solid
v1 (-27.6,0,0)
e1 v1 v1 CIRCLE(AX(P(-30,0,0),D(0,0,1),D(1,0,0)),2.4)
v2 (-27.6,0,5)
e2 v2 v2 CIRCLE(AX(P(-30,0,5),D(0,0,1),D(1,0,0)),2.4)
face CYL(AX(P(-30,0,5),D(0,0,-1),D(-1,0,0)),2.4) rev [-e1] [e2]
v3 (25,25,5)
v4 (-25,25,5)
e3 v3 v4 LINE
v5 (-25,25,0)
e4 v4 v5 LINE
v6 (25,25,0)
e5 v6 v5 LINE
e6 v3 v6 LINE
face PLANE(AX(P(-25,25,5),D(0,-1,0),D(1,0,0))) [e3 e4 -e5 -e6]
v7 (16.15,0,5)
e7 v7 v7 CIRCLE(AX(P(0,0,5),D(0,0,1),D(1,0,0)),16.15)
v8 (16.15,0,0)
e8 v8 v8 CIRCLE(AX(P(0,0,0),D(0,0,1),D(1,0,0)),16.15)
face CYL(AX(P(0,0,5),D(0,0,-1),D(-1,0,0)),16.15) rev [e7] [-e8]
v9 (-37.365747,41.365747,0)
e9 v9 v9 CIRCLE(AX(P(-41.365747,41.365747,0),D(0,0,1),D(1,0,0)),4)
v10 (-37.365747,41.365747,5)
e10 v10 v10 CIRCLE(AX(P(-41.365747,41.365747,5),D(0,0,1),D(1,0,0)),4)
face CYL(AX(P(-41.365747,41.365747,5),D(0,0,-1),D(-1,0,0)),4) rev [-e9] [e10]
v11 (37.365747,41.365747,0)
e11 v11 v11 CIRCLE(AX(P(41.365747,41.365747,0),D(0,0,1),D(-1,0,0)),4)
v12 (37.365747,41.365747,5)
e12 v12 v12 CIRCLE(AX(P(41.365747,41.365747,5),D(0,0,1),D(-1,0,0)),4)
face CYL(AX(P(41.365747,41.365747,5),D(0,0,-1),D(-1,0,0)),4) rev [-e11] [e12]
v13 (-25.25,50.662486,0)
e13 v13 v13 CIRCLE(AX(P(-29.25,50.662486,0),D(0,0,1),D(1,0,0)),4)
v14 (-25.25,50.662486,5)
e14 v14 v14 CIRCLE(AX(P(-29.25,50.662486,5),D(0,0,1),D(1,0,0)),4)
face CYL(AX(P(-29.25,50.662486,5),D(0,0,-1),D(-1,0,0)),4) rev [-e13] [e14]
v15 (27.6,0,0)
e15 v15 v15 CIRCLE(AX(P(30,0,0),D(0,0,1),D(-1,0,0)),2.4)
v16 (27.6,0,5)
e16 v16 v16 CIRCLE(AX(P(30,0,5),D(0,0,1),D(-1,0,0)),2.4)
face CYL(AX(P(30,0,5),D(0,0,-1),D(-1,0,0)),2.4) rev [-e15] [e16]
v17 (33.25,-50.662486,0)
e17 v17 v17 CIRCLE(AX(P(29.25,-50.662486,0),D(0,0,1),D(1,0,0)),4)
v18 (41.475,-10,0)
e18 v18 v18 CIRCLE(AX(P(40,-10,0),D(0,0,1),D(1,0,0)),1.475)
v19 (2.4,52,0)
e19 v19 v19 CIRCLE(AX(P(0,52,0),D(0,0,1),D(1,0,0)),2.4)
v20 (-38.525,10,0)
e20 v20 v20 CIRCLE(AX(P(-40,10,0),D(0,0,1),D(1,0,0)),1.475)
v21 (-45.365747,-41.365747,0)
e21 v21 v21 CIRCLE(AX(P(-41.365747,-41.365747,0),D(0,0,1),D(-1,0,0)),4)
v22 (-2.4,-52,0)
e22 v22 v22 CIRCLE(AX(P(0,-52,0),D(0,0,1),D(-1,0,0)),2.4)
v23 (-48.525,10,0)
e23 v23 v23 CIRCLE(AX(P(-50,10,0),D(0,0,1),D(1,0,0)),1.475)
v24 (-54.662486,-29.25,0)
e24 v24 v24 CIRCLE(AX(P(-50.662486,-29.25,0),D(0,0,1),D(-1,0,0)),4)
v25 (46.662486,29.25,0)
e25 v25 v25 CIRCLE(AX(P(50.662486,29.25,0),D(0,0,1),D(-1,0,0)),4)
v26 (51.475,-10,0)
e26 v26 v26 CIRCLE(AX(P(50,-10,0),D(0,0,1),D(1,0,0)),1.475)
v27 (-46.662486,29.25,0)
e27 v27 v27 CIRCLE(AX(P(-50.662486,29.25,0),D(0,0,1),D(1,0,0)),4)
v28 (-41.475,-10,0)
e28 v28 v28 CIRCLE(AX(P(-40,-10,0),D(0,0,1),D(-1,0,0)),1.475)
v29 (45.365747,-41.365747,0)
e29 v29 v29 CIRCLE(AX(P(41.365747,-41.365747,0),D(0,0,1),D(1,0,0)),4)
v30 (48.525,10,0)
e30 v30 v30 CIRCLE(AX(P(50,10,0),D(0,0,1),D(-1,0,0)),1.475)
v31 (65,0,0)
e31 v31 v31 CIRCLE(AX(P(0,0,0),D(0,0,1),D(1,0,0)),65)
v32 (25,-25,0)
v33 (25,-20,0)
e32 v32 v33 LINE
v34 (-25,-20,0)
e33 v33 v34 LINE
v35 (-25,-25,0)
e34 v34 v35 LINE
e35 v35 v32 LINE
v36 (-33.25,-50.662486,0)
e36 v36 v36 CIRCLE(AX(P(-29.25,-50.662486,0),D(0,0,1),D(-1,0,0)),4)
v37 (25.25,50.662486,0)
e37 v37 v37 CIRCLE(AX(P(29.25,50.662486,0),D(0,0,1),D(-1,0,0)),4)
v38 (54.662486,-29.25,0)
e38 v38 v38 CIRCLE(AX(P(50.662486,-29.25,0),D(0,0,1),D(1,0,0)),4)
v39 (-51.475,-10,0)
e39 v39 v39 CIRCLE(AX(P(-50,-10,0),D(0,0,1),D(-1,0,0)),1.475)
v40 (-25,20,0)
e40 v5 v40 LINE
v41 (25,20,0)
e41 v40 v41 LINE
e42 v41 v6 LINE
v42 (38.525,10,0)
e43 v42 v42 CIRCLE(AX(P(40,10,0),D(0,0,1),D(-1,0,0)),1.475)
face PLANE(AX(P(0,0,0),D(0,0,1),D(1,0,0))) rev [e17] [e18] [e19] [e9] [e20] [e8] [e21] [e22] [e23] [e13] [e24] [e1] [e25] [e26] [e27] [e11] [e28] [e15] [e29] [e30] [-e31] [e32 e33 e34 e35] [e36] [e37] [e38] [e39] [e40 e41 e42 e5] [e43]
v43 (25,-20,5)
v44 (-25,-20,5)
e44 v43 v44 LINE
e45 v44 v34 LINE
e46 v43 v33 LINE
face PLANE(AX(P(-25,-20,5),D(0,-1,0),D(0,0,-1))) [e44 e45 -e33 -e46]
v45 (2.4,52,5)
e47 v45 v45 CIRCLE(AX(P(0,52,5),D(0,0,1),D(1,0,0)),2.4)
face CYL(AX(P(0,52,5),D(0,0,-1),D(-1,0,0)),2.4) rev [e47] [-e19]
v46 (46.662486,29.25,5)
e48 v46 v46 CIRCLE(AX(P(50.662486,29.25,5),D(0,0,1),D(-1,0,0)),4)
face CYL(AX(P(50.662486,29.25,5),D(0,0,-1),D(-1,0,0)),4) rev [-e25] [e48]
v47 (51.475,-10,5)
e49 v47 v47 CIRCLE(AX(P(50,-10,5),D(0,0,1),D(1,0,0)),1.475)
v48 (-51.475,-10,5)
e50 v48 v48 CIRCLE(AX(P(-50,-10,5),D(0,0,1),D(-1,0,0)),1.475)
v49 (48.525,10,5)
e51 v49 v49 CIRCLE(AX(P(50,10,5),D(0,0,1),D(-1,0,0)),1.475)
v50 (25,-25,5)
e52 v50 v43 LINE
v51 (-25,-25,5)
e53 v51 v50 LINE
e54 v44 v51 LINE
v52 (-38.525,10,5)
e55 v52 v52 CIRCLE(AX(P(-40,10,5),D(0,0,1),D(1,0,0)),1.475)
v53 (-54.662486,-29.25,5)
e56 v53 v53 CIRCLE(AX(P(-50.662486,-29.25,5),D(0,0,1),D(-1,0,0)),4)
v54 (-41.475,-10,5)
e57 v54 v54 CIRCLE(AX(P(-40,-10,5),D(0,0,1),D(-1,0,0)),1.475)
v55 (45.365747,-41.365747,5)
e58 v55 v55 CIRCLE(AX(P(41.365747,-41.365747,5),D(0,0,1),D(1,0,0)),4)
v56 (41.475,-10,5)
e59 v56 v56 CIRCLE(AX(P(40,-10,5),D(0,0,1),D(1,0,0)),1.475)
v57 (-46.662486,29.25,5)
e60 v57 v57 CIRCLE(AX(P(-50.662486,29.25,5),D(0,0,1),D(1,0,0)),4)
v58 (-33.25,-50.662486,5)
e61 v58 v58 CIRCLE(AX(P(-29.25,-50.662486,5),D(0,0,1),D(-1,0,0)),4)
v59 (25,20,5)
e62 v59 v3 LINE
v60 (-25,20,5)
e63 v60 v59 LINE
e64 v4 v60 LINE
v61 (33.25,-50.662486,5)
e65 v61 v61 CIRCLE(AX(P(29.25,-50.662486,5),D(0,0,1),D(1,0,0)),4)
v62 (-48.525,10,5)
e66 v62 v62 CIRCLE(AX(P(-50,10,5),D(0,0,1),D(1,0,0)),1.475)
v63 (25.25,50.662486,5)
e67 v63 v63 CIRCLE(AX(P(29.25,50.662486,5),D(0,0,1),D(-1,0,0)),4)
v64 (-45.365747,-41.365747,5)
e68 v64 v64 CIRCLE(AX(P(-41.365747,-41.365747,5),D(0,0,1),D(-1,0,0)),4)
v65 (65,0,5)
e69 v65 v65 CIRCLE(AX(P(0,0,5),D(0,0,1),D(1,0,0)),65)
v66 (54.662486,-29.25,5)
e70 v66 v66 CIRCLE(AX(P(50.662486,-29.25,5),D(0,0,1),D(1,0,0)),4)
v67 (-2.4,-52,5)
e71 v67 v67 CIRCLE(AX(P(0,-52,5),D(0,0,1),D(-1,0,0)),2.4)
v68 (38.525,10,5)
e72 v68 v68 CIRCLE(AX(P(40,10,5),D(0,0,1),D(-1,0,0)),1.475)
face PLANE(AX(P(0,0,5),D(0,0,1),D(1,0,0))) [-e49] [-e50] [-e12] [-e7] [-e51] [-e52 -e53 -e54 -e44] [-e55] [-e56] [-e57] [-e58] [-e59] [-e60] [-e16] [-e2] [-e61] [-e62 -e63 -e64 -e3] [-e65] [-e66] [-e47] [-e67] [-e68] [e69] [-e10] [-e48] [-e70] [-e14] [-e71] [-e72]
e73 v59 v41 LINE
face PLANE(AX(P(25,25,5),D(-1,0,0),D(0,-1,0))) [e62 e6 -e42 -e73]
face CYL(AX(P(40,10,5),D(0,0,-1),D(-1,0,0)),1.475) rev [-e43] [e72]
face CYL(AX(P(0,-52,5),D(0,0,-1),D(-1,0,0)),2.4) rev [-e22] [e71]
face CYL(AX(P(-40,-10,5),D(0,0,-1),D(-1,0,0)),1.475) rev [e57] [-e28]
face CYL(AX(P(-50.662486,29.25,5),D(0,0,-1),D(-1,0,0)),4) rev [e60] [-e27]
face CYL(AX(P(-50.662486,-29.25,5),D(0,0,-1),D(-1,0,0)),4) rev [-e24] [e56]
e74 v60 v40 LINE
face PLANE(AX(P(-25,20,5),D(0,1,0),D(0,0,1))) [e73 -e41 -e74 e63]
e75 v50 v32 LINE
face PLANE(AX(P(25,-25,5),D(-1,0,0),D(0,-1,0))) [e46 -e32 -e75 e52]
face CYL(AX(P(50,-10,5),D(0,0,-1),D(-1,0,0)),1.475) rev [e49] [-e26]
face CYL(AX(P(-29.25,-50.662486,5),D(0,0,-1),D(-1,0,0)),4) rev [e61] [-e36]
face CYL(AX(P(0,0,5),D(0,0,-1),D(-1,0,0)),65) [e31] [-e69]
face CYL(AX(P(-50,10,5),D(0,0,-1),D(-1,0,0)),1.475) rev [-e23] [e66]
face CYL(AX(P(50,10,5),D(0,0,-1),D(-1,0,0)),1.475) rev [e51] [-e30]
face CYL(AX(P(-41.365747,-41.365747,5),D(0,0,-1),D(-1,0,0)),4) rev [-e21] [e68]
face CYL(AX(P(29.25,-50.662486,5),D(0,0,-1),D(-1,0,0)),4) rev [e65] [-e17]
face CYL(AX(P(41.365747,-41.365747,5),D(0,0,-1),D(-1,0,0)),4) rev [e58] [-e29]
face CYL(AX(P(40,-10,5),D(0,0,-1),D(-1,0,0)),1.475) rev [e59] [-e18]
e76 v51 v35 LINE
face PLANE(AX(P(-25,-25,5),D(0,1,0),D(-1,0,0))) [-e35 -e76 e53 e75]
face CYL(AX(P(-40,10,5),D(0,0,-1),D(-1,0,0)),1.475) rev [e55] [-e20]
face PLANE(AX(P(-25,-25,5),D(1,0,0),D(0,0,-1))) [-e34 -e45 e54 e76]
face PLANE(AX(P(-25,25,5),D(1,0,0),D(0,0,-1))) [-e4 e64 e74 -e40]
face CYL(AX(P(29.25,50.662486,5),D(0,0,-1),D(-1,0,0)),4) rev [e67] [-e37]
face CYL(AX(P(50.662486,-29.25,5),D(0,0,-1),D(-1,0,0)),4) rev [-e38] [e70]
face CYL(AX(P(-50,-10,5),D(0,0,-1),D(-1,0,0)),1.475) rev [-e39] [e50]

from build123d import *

# Parameters (mm, degrees)
SKETCH1_R           = 65
SKETCH1_R_2         = 16.15
SKETCH1_R_3         = 2.4
SKETCH1_R_4         = 4
SKETCH1_R_5         = 1.475
SKETCH1_W           = 50
SKETCH1_H           = 5
BOSS_EXTRUDE1_DEPTH = 5


with BuildPart() as part:
    # Sketch1 → Boss-Extrude1 (new body)
    with BuildSketch(Plane.XY):
        Circle(SKETCH1_R)
        Circle(SKETCH1_R_2, mode=Mode.SUBTRACT)
        with Locations((0, 52)):
            Circle(SKETCH1_R_3, mode=Mode.SUBTRACT)
        with Locations((-30, 0)):
            Circle(SKETCH1_R_3, mode=Mode.SUBTRACT)
        with Locations((0, -52)):
            Circle(SKETCH1_R_3, mode=Mode.SUBTRACT)
        with Locations((30, 0)):
            Circle(SKETCH1_R_3, mode=Mode.SUBTRACT)
        with Locations((-41.365746699, 41.365746699)):
            Circle(SKETCH1_R_4, mode=Mode.SUBTRACT)
        with Locations((-29.25, 50.662486121)):
            Circle(SKETCH1_R_4, mode=Mode.SUBTRACT)
        with Locations((-50.662486121, 29.25)):
            Circle(SKETCH1_R_4, mode=Mode.SUBTRACT)
        with Locations((50.662486121, 29.25)):
            Circle(SKETCH1_R_4, mode=Mode.SUBTRACT)
        with Locations((41.365746699, 41.365746699)):
            Circle(SKETCH1_R_4, mode=Mode.SUBTRACT)
        with Locations((29.25, 50.662486121)):
            Circle(SKETCH1_R_4, mode=Mode.SUBTRACT)
        with Locations((50.662486121, -29.25)):
            Circle(SKETCH1_R_4, mode=Mode.SUBTRACT)
        with Locations((41.365746699, -41.365746699)):
            Circle(SKETCH1_R_4, mode=Mode.SUBTRACT)
        with Locations((29.25, -50.662486121)):
            Circle(SKETCH1_R_4, mode=Mode.SUBTRACT)
        with Locations((-29.25, -50.662486121)):
            Circle(SKETCH1_R_4, mode=Mode.SUBTRACT)
        with Locations((-41.365746699, -41.365746699)):
            Circle(SKETCH1_R_4, mode=Mode.SUBTRACT)
        with Locations((-50.662486121, -29.25)):
            Circle(SKETCH1_R_4, mode=Mode.SUBTRACT)
        with Locations((-40, 10)):
            Circle(SKETCH1_R_5, mode=Mode.SUBTRACT)
        with Locations((-50, 10)):
            Circle(SKETCH1_R_5, mode=Mode.SUBTRACT)
        with Locations((-40, -10)):
            Circle(SKETCH1_R_5, mode=Mode.SUBTRACT)
        with Locations((-50, -10)):
            Circle(SKETCH1_R_5, mode=Mode.SUBTRACT)
        with Locations((50, -10)):
            Circle(SKETCH1_R_5, mode=Mode.SUBTRACT)
        with Locations((40, -10)):
            Circle(SKETCH1_R_5, mode=Mode.SUBTRACT)
        with Locations((40, 10)):
            Circle(SKETCH1_R_5, mode=Mode.SUBTRACT)
        with Locations((50, 10)):
            Circle(SKETCH1_R_5, mode=Mode.SUBTRACT)
        with Locations((0, -22.5)):
            Rectangle(SKETCH1_W, SKETCH1_H, mode=Mode.SUBTRACT)
        with Locations((0, 22.5)):
            Rectangle(SKETCH1_W, SKETCH1_H, mode=Mode.SUBTRACT)
    extrude(amount=BOSS_EXTRUDE1_DEPTH)


solid = part.part
